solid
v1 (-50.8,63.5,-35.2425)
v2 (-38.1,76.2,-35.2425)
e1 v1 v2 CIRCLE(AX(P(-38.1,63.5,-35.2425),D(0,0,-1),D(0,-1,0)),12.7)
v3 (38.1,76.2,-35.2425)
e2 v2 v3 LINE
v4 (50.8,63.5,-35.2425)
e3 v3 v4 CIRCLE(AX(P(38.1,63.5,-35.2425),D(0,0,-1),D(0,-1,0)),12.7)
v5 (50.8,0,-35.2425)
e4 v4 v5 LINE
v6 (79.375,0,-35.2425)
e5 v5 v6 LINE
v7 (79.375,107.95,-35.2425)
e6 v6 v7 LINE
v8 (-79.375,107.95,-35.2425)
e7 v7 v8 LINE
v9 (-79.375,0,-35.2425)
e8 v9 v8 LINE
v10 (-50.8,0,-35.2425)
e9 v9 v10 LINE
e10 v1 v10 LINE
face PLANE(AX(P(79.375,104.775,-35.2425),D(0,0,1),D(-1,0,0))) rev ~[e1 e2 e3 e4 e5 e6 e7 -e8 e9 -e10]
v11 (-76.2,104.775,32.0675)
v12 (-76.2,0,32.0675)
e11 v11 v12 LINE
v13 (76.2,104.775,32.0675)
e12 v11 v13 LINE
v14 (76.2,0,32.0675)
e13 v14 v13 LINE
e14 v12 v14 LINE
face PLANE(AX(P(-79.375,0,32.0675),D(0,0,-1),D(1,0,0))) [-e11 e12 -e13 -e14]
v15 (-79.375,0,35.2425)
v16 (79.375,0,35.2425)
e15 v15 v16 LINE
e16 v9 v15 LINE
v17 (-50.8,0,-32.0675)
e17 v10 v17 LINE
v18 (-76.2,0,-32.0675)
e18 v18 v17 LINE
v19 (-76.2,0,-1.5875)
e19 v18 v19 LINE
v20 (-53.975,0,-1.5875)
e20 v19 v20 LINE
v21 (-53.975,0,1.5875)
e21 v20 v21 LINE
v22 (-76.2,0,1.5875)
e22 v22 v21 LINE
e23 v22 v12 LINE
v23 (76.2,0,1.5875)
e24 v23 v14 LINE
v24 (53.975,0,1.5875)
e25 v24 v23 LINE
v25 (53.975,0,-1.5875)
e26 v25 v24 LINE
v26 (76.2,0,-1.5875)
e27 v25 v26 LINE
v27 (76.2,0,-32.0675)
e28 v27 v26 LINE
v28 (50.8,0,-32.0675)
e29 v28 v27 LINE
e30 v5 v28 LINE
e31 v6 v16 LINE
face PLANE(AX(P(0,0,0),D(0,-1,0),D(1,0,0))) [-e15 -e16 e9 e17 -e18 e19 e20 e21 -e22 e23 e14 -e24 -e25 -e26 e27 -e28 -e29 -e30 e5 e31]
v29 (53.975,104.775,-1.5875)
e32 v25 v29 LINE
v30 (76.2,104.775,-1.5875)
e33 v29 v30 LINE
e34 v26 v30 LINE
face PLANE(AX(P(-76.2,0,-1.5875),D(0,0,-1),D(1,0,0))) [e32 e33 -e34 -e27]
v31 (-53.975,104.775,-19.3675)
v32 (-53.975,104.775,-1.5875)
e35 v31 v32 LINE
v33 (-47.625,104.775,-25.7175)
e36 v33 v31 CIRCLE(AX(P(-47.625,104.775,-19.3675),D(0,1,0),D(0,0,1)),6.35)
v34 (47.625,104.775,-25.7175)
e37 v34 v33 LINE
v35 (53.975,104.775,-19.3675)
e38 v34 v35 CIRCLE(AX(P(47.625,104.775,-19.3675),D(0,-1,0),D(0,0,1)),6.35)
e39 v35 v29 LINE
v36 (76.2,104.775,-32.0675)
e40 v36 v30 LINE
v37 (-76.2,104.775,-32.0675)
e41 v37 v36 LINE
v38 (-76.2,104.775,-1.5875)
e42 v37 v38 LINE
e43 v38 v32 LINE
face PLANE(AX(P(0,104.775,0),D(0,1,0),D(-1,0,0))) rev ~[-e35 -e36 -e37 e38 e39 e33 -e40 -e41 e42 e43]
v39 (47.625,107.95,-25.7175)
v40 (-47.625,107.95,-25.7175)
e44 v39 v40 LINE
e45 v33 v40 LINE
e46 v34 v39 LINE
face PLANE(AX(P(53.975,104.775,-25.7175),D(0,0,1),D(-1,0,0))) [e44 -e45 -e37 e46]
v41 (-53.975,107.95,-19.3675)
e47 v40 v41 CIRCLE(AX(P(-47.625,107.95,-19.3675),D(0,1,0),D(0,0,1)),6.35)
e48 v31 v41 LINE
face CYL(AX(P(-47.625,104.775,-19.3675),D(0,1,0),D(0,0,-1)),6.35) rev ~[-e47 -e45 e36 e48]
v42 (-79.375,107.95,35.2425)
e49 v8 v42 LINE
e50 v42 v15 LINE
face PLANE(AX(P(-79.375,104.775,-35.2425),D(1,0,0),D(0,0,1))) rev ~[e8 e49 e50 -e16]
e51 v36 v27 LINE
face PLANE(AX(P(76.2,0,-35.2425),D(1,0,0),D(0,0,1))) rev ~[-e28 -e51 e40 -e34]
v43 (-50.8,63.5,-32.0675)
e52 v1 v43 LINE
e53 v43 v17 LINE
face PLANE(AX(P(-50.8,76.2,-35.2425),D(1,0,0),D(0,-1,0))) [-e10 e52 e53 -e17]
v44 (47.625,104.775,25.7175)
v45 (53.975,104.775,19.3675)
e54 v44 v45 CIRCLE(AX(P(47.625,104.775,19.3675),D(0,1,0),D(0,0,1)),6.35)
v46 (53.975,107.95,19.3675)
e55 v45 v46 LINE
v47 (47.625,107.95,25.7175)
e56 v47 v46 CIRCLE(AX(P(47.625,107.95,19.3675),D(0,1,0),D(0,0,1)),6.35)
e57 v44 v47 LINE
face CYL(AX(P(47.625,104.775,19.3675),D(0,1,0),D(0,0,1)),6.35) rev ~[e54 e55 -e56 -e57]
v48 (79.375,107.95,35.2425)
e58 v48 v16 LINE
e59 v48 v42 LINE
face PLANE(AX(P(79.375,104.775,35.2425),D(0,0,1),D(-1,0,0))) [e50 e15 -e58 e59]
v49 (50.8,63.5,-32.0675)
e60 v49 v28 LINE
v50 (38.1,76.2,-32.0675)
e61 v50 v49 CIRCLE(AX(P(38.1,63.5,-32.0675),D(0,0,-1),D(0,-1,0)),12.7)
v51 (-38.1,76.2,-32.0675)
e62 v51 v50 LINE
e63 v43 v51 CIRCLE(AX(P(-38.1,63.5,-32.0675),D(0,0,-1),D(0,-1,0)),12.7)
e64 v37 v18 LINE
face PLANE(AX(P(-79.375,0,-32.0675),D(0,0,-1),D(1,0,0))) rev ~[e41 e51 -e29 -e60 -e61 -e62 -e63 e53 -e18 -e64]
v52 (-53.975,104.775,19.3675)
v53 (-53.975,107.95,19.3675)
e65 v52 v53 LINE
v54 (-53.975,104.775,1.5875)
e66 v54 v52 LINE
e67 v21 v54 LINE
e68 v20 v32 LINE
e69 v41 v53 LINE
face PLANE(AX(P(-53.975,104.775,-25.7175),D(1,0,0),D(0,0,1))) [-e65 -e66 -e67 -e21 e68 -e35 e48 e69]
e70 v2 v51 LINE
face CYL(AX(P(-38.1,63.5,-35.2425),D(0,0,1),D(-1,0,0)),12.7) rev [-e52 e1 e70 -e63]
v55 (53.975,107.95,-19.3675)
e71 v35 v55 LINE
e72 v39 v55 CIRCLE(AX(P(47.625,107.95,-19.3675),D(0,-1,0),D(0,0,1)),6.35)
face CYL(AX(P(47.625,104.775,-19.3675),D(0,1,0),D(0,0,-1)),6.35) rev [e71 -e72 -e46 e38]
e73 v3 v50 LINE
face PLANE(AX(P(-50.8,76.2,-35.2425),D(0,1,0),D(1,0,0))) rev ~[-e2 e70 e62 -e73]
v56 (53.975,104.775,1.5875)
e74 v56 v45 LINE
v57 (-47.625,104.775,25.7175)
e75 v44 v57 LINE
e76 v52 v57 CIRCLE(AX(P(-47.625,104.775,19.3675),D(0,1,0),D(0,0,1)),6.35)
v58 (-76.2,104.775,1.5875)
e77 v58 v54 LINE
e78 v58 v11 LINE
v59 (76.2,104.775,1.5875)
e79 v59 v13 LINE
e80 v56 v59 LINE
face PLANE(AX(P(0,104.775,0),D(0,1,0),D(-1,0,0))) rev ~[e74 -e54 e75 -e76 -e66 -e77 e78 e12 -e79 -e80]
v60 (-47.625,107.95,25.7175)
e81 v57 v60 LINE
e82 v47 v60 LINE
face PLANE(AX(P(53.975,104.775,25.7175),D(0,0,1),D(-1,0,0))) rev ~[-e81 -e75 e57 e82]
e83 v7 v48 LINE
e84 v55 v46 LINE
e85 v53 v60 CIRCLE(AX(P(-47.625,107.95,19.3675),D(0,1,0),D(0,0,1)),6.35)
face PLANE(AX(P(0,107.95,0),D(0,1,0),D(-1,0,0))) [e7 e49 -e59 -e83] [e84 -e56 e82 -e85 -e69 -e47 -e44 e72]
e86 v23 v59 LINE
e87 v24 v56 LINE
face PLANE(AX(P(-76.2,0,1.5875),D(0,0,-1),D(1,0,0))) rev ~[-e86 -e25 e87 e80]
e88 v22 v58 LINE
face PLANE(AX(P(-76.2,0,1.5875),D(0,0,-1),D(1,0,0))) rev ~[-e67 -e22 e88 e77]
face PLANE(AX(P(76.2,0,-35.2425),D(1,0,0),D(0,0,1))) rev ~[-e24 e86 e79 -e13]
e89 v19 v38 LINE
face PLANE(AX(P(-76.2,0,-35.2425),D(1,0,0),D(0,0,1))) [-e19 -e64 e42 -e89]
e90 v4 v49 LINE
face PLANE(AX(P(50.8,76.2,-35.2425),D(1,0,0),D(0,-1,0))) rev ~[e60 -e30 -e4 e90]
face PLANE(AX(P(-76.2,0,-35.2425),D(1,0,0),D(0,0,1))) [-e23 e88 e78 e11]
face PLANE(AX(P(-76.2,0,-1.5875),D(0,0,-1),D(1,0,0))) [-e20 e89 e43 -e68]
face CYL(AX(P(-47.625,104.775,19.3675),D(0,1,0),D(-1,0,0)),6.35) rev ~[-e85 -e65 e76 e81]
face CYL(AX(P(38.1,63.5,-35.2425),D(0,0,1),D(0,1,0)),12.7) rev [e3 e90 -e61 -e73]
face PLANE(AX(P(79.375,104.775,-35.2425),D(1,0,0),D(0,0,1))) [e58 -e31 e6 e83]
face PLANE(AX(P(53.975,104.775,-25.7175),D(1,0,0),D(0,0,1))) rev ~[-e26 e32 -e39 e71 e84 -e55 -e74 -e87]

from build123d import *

# Parameters (mm, degrees)
F0_W      = 158.75
F0_H      = 70.485
F1_DEPTH  = 104.775
F2_T      = -3.175
F3_W      = 152.4
F3_H      = 64.135
F4_DEPTH  = 3.175
F5_W      = 152.4
F5_H      = 3.175
F6_DEPTH  = 104.775
F7_W      = 107.95
F7_H      = 3.175
F8_DEPTH  = 104.775
F9_W      = 158.75
F9_H      = 70.485
F9_W_2    = 107.95
F9_H_2    = 51.435
F10_DEPTH = 3.175
F11_R     = 6.35
F12_W     = 101.6
F12_H     = 76.2
F13_DEPTH = 3.175
F14_R     = 12.7


with BuildPart() as f1:
    # F0 (on Front) → F1 (new body)
    with BuildSketch(Plane.XZ):
        Rectangle(F0_W, F0_H)
    extrude(amount=-F1_DEPTH)

    # F2
    f2_openings = [f1.faces().sort_by_distance(p)[0] for p in [
        (0, 0, 0),
    ]]
    offset(amount=F2_T, openings=f2_openings)

    # F3 (on face) → F4 (cut, through all)
    with BuildSketch(Plane.XZ.offset(-101.6)):
        Rectangle(F3_W, F3_H)
    extrude(amount=-F4_DEPTH, mode=Mode.SUBTRACT)

    # F5 (on face) → F6 (join)
    with BuildSketch(Plane.XZ):
        Rectangle(F5_W, F5_H)
    extrude(amount=-F6_DEPTH)

    # F7 (on face) → F8 (cut, through all)
    with BuildSketch(Plane.XZ):
        Rectangle(F7_W, F7_H)
    extrude(amount=-F8_DEPTH, mode=Mode.SUBTRACT)

    # F9 (on face) → F10 (join)
    with BuildSketch(Plane(origin=(0, 104.775, 0), x_dir=(-1, 0, 0), z_dir=(0, 1, 0))):
        Rectangle(F9_W, F9_H)
        Rectangle(F9_W_2, F9_H_2, mode=Mode.SUBTRACT)
    extrude(amount=F10_DEPTH)

    # F11
    f11_edges = [f1.edges().sort_by_distance(p)[0] for p in [
        (53.975, 106.3625, 25.7175),
        (-53.975, 106.3625, 25.7175),
        (-53.975, 106.3625, -25.7175),
        (53.975, 106.3625, -25.7175),
    ]]
    fillet(f11_edges, radius=F11_R)

    # F12 (on face) → F13 (cut, through all)
    with BuildSketch(Plane(origin=(0, 0, -35.2425), x_dir=(1, 0, 0), z_dir=(0, 0, -1))):
        with Locations((0, -38.1)):
            Rectangle(F12_W, F12_H)
    extrude(amount=-F13_DEPTH, mode=Mode.SUBTRACT)

    # F14
    f14_edges = [f1.edges().sort_by_distance(p)[0] for p in [
        (-50.8, 76.2, -33.655),
        (50.8, 76.2, -33.655),
    ]]
    fillet(f14_edges, radius=F14_R)


solid = f1.part
